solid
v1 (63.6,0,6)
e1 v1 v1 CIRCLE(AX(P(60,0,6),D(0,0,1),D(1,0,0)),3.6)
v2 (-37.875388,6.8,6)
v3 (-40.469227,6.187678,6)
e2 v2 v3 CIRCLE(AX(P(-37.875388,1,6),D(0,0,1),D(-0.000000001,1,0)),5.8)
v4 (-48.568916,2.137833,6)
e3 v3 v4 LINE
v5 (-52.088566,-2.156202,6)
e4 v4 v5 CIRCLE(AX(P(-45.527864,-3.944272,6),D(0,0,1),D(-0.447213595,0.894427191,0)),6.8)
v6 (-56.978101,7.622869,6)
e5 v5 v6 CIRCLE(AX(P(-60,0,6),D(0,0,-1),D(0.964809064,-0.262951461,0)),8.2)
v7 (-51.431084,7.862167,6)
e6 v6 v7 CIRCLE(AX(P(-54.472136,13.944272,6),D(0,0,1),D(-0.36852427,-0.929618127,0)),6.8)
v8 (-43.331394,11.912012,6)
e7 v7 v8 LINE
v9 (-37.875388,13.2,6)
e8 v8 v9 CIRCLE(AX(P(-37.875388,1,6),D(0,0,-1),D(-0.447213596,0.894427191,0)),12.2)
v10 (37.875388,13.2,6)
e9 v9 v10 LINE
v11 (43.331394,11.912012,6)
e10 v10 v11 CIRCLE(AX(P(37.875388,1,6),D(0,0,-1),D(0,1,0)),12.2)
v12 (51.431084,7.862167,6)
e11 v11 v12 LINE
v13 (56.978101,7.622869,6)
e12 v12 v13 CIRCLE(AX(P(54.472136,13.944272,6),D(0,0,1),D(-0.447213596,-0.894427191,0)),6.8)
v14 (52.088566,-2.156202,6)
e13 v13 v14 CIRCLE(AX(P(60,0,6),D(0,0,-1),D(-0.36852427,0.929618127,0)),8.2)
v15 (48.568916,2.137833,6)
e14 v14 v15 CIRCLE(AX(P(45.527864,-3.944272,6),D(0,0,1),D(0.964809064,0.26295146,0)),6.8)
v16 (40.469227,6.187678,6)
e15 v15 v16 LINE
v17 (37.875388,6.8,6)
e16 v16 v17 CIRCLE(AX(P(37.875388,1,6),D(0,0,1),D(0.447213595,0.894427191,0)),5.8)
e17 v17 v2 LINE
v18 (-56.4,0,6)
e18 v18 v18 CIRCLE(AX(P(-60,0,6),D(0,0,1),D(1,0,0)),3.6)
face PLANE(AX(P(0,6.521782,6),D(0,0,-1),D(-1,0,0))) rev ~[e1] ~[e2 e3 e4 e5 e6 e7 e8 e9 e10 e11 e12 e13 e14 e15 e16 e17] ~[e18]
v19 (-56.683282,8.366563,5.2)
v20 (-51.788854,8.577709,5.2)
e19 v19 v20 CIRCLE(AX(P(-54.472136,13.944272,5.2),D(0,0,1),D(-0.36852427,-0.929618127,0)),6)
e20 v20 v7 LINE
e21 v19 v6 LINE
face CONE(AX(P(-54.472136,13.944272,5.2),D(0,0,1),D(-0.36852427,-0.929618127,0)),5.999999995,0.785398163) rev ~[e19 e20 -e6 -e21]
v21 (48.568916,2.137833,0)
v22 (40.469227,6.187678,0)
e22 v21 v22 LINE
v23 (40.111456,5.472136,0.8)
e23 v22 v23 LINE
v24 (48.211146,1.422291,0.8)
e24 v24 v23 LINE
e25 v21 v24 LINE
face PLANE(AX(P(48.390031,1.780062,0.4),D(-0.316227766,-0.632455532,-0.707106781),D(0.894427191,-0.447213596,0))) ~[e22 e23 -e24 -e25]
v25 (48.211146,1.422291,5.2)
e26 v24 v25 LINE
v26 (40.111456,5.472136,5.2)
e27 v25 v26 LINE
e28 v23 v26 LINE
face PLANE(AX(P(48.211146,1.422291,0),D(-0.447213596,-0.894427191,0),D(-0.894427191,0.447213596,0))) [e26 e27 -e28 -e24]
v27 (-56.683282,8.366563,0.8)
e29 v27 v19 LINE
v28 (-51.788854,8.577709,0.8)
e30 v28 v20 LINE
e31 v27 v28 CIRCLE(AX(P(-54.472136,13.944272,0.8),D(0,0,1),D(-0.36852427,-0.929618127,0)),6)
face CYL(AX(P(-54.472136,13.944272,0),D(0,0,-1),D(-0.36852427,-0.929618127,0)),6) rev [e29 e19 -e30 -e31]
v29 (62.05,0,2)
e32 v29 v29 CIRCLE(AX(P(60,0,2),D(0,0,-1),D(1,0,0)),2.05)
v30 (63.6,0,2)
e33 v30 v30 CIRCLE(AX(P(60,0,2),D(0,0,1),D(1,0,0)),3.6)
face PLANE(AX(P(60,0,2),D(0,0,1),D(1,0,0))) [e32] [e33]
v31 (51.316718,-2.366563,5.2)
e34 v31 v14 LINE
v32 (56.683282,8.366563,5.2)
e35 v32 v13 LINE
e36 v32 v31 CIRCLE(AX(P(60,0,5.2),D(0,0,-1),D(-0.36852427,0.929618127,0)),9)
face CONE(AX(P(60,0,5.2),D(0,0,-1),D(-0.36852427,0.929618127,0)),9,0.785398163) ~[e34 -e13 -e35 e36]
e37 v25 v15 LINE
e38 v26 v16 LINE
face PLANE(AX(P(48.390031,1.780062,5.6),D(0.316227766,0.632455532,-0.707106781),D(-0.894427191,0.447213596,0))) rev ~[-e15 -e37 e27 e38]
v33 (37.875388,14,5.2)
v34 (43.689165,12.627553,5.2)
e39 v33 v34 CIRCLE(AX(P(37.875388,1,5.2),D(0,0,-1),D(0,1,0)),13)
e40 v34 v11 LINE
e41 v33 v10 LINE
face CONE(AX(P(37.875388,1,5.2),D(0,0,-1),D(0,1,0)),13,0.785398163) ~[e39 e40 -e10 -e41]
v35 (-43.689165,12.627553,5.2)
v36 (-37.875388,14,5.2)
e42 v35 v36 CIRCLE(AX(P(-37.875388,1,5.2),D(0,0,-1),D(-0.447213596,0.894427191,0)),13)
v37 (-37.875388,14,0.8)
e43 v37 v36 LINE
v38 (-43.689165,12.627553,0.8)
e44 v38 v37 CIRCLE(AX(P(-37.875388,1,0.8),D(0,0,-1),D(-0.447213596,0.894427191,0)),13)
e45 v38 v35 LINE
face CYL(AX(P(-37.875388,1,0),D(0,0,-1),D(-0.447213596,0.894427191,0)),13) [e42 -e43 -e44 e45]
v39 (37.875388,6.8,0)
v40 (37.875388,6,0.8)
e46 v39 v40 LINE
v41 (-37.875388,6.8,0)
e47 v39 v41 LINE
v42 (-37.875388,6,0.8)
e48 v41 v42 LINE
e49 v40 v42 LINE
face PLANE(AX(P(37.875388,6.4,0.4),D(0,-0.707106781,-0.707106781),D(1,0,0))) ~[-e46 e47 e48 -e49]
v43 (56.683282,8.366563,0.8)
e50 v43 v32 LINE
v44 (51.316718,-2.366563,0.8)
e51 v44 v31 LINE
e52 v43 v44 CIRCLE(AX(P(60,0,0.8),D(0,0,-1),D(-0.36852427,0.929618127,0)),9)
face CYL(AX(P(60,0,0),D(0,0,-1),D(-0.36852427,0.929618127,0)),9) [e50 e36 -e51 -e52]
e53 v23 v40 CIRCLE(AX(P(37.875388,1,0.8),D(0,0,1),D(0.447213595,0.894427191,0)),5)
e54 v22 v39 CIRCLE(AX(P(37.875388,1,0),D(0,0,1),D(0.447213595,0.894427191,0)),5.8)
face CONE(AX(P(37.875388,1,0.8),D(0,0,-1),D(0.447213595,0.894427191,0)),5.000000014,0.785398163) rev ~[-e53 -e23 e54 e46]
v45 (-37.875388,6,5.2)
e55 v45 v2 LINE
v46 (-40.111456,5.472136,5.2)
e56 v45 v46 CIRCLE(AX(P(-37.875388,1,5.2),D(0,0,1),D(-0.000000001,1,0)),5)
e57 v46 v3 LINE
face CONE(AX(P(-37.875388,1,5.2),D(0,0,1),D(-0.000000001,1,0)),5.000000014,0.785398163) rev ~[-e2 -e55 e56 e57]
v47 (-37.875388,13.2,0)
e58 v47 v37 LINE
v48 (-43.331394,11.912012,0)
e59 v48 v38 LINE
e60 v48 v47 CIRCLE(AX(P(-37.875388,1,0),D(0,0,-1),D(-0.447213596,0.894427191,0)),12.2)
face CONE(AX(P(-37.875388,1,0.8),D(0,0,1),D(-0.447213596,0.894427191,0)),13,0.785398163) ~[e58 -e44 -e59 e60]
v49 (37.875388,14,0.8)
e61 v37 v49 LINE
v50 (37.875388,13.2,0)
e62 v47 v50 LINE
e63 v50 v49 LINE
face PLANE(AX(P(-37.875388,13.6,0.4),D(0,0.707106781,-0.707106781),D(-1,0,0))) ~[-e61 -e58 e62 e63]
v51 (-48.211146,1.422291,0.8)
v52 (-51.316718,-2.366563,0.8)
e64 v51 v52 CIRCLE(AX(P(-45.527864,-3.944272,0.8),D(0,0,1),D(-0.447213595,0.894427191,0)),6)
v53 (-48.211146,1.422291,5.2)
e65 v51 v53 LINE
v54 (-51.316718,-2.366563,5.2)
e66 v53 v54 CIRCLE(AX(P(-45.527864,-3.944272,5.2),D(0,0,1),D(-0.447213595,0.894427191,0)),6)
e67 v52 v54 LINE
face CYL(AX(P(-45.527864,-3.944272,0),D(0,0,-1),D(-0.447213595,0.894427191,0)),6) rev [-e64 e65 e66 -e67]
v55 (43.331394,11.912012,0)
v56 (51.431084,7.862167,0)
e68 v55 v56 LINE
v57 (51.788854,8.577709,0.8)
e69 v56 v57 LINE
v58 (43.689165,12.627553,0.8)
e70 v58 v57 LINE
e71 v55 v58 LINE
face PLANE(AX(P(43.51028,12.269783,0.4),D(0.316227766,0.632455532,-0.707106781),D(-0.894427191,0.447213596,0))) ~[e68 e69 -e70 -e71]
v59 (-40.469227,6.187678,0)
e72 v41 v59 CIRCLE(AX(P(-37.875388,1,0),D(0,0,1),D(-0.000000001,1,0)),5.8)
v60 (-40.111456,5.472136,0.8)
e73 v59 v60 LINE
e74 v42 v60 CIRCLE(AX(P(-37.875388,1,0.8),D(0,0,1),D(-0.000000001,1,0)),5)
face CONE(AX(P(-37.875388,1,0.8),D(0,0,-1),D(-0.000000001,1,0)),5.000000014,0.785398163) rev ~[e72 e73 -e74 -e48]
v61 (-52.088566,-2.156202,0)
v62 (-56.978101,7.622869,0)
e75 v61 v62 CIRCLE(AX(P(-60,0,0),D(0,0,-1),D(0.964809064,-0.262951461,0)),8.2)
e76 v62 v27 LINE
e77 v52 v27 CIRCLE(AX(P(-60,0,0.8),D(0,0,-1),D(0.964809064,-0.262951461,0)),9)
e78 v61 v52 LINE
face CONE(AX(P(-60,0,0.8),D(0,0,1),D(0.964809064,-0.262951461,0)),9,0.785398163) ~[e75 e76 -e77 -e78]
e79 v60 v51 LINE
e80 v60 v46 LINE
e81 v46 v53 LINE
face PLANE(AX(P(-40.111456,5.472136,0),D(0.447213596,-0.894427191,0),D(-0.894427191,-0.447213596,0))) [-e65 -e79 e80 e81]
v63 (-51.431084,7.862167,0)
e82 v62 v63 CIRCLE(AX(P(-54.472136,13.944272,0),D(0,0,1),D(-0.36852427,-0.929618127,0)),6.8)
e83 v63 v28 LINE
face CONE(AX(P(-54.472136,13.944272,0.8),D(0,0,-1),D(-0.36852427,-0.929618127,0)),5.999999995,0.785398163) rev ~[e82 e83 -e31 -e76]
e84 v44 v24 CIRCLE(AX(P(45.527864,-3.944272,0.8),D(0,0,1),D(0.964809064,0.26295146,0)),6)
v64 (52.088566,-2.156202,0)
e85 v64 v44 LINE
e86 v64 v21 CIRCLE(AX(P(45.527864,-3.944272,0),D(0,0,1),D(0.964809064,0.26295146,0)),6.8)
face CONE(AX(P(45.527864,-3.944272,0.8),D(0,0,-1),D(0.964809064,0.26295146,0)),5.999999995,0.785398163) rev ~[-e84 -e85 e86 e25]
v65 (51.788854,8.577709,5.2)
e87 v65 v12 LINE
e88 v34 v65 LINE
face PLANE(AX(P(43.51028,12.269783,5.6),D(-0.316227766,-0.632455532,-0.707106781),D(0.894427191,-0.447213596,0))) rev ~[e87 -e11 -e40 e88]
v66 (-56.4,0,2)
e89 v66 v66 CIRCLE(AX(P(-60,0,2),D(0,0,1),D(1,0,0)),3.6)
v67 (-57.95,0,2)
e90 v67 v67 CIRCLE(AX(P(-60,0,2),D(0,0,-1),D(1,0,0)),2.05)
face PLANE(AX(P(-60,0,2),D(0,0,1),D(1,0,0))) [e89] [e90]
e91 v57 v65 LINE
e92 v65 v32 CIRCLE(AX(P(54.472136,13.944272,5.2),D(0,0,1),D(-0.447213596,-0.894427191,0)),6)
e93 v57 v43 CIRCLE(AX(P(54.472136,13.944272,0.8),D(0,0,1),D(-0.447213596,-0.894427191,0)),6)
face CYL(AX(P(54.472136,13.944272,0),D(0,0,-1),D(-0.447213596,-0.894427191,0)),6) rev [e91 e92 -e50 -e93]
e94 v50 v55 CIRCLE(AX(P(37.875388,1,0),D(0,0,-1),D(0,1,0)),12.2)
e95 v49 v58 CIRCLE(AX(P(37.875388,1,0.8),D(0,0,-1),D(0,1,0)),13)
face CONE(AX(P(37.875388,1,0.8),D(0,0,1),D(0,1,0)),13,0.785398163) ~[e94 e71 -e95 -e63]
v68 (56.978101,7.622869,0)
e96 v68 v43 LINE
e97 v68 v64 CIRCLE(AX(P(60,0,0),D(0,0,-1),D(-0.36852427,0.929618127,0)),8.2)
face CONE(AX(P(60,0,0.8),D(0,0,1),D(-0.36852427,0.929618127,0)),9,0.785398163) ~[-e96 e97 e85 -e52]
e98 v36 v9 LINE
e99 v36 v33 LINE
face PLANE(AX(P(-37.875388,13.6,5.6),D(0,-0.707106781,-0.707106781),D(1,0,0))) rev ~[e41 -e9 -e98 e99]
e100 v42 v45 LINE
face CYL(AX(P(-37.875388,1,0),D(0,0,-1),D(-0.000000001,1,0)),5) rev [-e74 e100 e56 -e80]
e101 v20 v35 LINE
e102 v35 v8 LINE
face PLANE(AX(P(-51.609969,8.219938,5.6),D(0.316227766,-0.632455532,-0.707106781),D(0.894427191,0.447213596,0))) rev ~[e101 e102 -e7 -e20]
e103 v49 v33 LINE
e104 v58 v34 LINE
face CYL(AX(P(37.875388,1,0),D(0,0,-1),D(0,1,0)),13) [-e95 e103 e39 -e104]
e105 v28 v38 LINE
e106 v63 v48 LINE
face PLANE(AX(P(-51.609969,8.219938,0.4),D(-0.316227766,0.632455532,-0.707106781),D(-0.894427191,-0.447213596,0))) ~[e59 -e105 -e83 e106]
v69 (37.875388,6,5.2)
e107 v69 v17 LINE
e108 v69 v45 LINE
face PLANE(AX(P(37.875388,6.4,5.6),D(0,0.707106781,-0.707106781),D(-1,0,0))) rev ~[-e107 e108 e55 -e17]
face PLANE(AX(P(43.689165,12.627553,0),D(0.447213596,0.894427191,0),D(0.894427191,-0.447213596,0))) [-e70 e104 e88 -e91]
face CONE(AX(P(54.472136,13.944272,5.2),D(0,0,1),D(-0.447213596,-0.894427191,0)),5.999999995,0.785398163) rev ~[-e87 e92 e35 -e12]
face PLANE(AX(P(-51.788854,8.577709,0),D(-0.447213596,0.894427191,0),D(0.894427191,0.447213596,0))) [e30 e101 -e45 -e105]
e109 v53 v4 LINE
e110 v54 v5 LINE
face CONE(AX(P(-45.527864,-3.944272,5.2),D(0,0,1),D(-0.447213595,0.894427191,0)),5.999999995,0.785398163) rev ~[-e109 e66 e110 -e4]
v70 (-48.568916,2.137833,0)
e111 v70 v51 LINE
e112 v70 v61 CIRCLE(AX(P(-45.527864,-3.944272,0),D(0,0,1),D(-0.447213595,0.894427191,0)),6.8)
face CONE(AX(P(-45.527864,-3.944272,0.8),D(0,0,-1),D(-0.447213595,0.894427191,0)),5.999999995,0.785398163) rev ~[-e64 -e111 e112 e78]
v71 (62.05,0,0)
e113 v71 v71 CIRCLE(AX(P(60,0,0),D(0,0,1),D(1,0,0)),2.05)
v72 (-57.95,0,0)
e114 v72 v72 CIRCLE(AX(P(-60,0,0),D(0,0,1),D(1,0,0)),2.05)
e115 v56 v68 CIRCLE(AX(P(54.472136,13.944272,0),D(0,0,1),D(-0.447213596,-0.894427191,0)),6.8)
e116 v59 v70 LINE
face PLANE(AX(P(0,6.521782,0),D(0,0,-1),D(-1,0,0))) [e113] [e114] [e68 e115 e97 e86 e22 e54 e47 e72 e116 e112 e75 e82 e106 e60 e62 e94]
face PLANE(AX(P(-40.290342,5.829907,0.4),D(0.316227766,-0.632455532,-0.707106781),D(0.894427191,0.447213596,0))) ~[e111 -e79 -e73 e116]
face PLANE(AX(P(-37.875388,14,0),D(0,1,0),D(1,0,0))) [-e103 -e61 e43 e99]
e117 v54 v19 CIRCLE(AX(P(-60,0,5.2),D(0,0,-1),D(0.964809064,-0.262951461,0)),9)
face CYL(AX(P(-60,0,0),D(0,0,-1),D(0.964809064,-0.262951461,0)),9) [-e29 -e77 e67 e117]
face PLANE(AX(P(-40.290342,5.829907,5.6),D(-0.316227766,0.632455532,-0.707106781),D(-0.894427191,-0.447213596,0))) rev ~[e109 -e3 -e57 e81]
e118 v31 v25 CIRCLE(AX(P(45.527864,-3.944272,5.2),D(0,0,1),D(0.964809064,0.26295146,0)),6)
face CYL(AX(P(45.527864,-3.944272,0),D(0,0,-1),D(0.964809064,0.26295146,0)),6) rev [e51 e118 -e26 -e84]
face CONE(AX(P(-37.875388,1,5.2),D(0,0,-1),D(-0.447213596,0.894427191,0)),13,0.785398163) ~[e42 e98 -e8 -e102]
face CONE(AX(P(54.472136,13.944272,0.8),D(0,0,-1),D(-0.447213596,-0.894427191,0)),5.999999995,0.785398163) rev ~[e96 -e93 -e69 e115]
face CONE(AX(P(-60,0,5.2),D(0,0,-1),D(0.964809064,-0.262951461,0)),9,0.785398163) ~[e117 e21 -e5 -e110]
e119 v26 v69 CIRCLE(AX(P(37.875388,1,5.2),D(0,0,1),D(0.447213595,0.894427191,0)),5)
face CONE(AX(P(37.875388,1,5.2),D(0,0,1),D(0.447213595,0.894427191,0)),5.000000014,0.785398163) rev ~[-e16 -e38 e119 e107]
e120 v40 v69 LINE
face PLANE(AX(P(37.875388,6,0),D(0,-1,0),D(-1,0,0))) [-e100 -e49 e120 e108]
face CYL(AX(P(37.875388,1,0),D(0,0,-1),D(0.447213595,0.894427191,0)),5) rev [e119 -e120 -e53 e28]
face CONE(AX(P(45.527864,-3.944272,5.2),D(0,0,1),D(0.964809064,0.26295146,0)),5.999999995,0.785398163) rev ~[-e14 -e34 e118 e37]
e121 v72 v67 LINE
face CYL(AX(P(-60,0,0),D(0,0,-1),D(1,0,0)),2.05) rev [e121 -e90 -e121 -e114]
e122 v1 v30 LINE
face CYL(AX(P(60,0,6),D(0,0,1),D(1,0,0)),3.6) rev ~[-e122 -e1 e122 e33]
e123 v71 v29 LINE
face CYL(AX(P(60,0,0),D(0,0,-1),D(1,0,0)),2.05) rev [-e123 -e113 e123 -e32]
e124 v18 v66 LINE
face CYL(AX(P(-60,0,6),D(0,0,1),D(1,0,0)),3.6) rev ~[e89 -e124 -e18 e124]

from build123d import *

# Parameters (mm, degrees)
SKETCH1_R           = 2.05
BOSS_EXTRUDE1_DEPTH = 6
SKETCH3_R           = 3.6
CUT_EXTRUDE1_DEPTH  = 4
CHAMFER3_SIZE       = 0.8


with BuildPart() as part:
    # Sketch1 → Boss-Extrude1 (new body)
    with BuildSketch(Plane.XY):
        with BuildLine():
            Line((-51.788854382, 8.577708764), (-43.689164944, 12.627553483))
            ThreePointArc((-43.689164944, 12.627553483), (-40.86217617, 13.652236863), (-37.875388203, 14))
            Line((-37.875388203, 14), (37.875388203, 14))
            ThreePointArc((37.875388203, 14), (40.86217617, 13.652236863), (43.689164944, 12.627553483))
            Line((43.689164944, 12.627553483), (51.788854382, 8.577708764))
            ThreePointArc((51.788854382, 8.577708764), (54.213536442, 7.949847309), (56.683281573, 8.366563146))
            ThreePointArc((56.683281573, 8.366563146), (68.049844719, -4.024922359), (51.316718427, -2.366563146))
            ThreePointArc((51.316718427, -2.366563146), (50.168244018, -0.140737539), (48.211145618, 1.422291236))
            Line((48.211145618, 1.422291236), (40.11145618, 5.472135955))
            ThreePointArc((40.11145618, 5.472135955), (39.024152805, 5.866244947), (37.875388203, 6))
            Line((37.875388203, 6), (-37.875388203, 6))
            ThreePointArc((-37.875388203, 6), (-39.024152805, 5.866244947), (-40.11145618, 5.472135955))
            Line((-40.11145618, 5.472135955), (-48.211145618, 1.422291236))
            ThreePointArc((-48.211145618, 1.422291236), (-50.168244018, -0.140737539), (-51.316718427, -2.366563146))
            ThreePointArc((-51.316718427, -2.366563146), (-68.049844719, -4.024922359), (-56.683281573, 8.366563146))
            ThreePointArc((-56.683281573, 8.366563146), (-54.213536442, 7.949847309), (-51.788854382, 8.577708764))
        make_face()
        with Locations((-60, 0)):
            Circle(SKETCH1_R, mode=Mode.SUBTRACT)
        with Locations((60, 0)):
            Circle(SKETCH1_R, mode=Mode.SUBTRACT)
    extrude(amount=BOSS_EXTRUDE1_DEPTH)

    # Sketch3 → Cut-Extrude1 (cut)
    with BuildSketch(Plane.XY.offset(6)):
        with Locations((-60, 0)):
            Circle(SKETCH3_R)
        with Locations((60, 0)):
            Circle(SKETCH3_R)
    extrude(amount=-CUT_EXTRUDE1_DEPTH, mode=Mode.SUBTRACT)

    # Chamfer3
    chamfer3_edges = [part.edges().sort_by_distance(p)[0] for p in [
        (-40.86217617, 13.652236863, 6),
        (47.739009663, 10.602631123, 0),
        (54.213536442, 7.949847309, 0),
        (68.049844719, -4.024922359, 0),
        (-47.739009663, 10.602631123, 6),
        (50.168244018, -0.140737539, 0),
        (44.161300899, 3.447213595, 0),
        (39.024152805, 5.866244947, 0),
        (0, 6, 0),
        (-39.024152805, 5.866244947, 0),
        (-44.161300899, 3.447213595, 0),
        (-50.168244018, -0.140737539, 0),
        (-68.049844719, -4.024922359, 0),
        (-54.213536442, 7.949847309, 0),
        (-47.739009663, 10.602631123, 0),
        (-54.213536442, 7.949847309, 6),
        (-40.86217617, 13.652236863, 0),
        (0, 14, 0),
        (40.86217617, 13.652236863, 0),
        (-68.049844719, -4.024922359, 6),
        (-50.168244018, -0.140737539, 6),
        (-44.161300899, 3.447213595, 6),
        (-39.024152805, 5.866244947, 6),
        (0, 6, 6),
        (39.024152805, 5.866244947, 6),
        (44.161300899, 3.447213595, 6),
        (40.86217617, 13.652236863, 6),
        (50.168244018, -0.140737539, 6),
        (68.049844719, -4.024922359, 6),
        (54.213536442, 7.949847309, 6),
        (47.739009663, 10.602631123, 6),
        (0, 14, 6),
    ]]
    chamfer(chamfer3_edges, length=CHAMFER3_SIZE)


solid = part.part
